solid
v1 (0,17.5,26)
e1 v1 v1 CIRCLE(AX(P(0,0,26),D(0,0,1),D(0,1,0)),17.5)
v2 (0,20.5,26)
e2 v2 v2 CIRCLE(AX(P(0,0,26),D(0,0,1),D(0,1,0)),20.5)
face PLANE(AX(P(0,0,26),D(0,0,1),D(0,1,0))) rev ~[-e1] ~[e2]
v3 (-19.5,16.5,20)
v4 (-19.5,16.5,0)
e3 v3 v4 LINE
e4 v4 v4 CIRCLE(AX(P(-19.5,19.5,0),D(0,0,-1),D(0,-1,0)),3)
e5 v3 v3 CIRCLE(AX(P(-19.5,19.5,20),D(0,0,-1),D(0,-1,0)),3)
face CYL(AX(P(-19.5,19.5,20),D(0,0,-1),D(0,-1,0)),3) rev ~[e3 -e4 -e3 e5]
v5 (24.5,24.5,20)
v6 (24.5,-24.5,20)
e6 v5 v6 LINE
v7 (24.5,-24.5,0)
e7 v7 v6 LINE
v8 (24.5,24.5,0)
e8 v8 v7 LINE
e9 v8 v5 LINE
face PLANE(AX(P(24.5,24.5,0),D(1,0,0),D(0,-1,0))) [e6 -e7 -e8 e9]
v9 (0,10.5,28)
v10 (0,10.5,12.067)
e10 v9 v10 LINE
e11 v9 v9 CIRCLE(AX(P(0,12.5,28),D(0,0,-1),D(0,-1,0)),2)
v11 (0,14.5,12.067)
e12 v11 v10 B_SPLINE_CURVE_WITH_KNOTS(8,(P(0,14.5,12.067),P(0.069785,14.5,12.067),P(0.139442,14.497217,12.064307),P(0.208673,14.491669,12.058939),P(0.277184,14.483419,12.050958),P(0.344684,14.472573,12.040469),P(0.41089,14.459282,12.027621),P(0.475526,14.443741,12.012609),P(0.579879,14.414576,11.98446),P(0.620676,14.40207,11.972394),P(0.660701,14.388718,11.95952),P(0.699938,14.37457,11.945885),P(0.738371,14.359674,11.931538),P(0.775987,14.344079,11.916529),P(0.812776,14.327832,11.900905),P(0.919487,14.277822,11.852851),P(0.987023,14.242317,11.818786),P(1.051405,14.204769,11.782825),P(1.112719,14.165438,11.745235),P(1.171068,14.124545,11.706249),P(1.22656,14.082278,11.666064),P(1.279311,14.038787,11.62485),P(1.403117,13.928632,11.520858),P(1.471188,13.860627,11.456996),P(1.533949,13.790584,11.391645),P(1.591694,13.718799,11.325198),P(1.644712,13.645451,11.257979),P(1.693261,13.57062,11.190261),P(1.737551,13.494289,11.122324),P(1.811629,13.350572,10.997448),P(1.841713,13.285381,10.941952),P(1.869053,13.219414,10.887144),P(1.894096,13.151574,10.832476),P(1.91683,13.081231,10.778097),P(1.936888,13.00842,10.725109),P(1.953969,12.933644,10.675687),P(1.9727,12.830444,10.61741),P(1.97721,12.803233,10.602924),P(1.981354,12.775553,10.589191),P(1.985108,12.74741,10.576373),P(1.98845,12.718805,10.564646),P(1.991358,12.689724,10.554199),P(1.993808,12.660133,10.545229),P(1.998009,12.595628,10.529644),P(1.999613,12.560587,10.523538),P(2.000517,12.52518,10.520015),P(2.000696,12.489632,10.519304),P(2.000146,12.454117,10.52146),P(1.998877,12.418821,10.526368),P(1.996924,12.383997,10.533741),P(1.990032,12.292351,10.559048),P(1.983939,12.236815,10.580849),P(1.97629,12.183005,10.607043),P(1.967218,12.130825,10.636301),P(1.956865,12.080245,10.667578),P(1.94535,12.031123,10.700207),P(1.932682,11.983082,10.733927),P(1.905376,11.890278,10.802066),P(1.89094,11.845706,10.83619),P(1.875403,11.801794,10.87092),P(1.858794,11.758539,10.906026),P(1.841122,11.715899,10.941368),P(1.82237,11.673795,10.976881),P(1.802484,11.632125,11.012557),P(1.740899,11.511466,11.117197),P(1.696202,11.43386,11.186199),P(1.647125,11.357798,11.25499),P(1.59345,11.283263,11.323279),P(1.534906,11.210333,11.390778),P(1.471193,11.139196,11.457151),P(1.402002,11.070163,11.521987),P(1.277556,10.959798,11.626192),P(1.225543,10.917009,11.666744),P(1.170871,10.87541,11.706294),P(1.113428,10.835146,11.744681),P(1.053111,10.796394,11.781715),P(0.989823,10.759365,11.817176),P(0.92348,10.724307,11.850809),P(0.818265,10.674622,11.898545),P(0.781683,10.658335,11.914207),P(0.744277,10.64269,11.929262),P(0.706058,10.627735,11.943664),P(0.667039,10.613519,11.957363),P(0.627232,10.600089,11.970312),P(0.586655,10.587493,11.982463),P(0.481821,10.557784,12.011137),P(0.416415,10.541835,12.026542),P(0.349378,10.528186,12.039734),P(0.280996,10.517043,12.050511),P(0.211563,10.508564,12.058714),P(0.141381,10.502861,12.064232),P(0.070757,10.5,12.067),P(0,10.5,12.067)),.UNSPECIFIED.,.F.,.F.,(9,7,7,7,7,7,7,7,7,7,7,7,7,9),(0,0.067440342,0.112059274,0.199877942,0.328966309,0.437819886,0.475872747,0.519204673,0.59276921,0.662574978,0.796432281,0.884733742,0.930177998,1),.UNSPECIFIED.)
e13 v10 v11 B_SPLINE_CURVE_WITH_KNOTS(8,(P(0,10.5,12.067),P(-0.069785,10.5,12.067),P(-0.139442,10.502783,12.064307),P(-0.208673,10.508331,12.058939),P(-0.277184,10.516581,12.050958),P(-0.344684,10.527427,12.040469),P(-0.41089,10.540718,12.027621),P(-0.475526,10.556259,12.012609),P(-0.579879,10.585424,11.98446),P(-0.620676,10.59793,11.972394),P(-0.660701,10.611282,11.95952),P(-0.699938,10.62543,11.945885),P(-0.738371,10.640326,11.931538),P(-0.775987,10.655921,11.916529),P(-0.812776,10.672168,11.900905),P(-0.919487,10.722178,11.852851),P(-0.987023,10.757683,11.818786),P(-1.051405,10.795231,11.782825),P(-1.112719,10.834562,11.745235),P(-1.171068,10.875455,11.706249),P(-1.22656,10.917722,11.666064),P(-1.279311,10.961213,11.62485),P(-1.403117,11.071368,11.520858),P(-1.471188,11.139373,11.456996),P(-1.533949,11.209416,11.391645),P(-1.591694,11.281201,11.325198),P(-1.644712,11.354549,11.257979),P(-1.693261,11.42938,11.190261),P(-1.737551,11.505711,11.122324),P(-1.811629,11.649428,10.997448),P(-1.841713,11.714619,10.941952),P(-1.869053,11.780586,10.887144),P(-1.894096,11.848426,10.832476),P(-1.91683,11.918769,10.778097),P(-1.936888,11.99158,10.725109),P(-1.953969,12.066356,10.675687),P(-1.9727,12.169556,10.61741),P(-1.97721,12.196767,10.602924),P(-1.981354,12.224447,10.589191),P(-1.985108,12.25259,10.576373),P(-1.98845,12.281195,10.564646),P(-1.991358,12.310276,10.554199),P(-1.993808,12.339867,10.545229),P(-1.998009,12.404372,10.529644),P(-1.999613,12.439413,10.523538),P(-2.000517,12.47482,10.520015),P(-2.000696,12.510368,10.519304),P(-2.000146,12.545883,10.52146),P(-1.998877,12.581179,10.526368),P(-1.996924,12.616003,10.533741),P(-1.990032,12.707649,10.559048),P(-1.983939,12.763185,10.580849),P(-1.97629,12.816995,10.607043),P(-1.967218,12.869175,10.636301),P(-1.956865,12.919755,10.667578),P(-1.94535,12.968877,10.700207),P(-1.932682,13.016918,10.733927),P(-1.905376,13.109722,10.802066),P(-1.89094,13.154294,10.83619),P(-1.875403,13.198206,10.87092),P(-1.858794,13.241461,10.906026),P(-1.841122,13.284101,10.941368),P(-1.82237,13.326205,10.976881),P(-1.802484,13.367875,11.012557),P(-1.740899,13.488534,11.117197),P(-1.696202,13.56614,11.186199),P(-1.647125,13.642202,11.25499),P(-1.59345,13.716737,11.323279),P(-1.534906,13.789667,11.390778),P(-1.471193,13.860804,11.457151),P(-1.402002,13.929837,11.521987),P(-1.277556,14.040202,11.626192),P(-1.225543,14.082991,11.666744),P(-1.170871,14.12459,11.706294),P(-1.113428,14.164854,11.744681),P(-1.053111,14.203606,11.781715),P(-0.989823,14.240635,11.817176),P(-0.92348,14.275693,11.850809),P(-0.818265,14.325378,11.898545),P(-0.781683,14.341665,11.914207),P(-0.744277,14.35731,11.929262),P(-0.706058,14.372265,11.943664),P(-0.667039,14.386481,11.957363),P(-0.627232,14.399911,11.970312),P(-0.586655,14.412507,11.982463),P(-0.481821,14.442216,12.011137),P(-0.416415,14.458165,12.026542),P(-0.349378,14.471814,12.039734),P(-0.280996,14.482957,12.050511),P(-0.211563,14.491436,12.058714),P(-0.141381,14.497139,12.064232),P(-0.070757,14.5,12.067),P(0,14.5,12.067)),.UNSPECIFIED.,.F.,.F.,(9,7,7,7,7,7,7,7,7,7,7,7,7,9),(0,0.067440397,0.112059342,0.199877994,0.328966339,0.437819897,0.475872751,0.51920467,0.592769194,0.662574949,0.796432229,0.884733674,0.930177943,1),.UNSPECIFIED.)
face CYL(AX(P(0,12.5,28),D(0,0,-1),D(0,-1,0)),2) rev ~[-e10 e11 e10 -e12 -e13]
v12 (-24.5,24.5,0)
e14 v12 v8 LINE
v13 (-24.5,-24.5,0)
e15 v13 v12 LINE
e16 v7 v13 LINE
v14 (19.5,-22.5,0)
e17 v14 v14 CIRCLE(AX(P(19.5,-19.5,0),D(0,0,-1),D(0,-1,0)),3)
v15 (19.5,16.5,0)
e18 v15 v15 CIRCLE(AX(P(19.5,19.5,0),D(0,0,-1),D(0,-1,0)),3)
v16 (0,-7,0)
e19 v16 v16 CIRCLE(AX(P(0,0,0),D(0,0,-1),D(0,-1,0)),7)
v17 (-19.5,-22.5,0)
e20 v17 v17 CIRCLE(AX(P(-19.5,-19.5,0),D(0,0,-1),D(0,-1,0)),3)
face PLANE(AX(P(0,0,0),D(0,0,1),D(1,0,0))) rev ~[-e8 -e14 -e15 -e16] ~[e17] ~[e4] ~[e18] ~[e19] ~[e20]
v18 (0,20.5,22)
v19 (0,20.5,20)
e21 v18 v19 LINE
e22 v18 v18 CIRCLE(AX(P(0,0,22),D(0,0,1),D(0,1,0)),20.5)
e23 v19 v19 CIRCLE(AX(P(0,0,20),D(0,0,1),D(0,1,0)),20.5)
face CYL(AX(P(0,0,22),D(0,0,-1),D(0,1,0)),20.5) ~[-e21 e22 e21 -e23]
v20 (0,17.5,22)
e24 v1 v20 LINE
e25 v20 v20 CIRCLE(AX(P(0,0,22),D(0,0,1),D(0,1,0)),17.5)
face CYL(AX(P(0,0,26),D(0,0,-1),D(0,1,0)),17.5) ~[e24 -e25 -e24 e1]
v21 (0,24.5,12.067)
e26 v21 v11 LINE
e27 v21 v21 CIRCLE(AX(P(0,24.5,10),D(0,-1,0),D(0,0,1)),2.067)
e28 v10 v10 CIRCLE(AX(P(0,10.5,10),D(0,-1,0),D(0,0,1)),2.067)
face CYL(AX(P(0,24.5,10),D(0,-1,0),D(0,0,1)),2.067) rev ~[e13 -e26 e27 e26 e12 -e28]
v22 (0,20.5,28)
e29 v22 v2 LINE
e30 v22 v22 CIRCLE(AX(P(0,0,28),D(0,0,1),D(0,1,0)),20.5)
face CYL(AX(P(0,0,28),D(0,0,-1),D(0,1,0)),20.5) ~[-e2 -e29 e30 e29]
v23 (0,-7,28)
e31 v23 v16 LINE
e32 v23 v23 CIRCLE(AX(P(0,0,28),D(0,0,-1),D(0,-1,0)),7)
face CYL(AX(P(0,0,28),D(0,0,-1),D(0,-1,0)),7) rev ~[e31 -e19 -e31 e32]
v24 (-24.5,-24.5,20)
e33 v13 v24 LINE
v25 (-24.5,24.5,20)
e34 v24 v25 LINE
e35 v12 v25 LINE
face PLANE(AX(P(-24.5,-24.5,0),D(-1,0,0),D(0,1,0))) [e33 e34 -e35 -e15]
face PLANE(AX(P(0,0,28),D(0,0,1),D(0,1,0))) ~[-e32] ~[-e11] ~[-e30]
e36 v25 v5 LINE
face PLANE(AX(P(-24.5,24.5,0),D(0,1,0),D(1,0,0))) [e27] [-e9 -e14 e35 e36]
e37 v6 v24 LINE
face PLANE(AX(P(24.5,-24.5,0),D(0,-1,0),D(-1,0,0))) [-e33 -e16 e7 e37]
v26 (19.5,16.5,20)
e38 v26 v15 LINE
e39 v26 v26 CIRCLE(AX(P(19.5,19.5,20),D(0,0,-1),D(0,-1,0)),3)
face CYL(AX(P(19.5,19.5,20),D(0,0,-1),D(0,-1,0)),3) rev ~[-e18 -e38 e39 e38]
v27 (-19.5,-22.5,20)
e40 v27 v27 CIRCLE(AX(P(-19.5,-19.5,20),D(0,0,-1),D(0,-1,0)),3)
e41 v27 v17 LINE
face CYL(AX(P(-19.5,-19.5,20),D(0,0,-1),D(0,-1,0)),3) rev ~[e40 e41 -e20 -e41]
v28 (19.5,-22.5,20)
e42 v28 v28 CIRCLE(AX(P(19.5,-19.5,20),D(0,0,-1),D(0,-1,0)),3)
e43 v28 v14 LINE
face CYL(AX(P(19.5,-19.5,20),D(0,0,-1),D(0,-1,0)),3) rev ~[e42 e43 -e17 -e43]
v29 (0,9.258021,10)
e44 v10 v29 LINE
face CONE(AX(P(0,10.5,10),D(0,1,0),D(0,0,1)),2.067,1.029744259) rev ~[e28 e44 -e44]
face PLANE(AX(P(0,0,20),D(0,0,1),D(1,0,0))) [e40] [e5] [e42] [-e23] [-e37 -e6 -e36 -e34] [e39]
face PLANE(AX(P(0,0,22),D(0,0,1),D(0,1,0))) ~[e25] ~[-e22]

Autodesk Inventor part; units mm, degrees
ref_plane "YZ Plane" through (0, 0, 0) normal (1, 0, 0) x (0, 1, 0)
ref_plane "XZ Plane" through (0, 0, 0) normal (0, 1, 0) x (-1, 0, 0)
ref_plane "XY Plane" through (0, 0, 0) normal (0, 0, 1) x (1, 0, 0)
sketch "Sketch1" plane through (0, 0, 0) normal (0, 0, 1) x (1, 0, 0)
  line L0 (-24.5, 24.5) -> (24.5, 24.5)
  line L1 (24.5, 24.5) -> (24.5, -24.5)
  line L2 (24.5, -24.5) -> (-24.5, -24.5)
  line L3 (-24.5, -24.5) -> (-24.5, 24.5)
  point P0 (0, 0)
  point P1 (-24.5, 0)
  point P2 (0, 24.5)
  dimension "Width" = 49
  dimension "Height" = 49
extrude "Extrusion1" add sketch "Sketch1" along normal blind 20
sketch "Sketch2" plane through (0, 0, 20) normal (0, 0, 1) x (1, 0, 0)
  line L0 (24.5, 24.5) -> (24.5, -24.5) projected
  line L1 (-24.5, 24.5) -> (24.5, 24.5) projected
  line L2 (-24.5, -24.5) -> (-24.5, 24.5) projected
  line L3 (24.5, -24.5) -> (-24.5, -24.5) projected
  line L4 (19.5, 19.5) -> (19.5, -19.5)
  line L5 (19.5, -19.5) -> (-19.5, -19.5)
  line L6 (-19.5, -19.5) -> (-19.5, 19.5)
  line L7 (-19.5, 19.5) -> (19.5, 19.5)
  point P0 (0, 0)
  dimension "d4" = 5
  dimension "d5" = 39
  dimension "d6" = 39
hole "Hole1" at (-19.5, -19.5, 20) direction (0, 0, -1) diameter 6 end through all
pattern_linear "Rectangular Pattern1" count 2 spacing 39 along (1, 0, 0) count 2 spacing 39 along (0, 1, 0) of "Hole1"
sketch "Sketch3" plane through (0, 0, 0) normal (1, 0, 0) x (0, 1, 0)
  line L0 (-24.5, 20) -> (24.5, 20) projected
  line L1 (0, 20) -> (0, 28)
  line L2 (0, 28) -> (20.5, 28)
  line L3 (20.5, 28) -> (20.5, 26)
  line L4 (20.5, 26) -> (17.5, 26)
  line L5 (17.5, 26) -> (17.5, 22)
  line L6 (17.5, 22) -> (20.5, 22)
  line L7 (20.5, 22) -> (20.5, 20)
  point P0 (0, 0)
  dimension "d25" = 8
  dimension "d26" = 20.5
  dimension "d27" = 2
  dimension "d28" = 4
  dimension "d29" = 17.5
revolve "Revolution1" add sketch "Sketch3" angle 360 about axis through (0, 0, 20) along (0, 0, 1)
sketch "Sketch4" plane through (-24.5, 24.5, 0) normal (0, 1, 0) x (1, 0, 0)
  line L0 (0, -20) -> (49, -20) projected
  line L1 (0, 0) -> (0, -20) projected
  line L2 (24.5, -20) -> (24.5, -10)
  point P0 (24.5, 0)
  dimension "d31" = 10
hole "Hole4" at (0, 24.5, 10) direction (0, -1, 0) diameter 4.134 depth 14 tip angle 118 thread size "M5x0.8" class "6H" standard "ANSI Metric M Profile"
ref_plane "Work Plane3" through (0, 24.5, 10) normal (0, 0, 1) x (0, -1, 0)
sketch "Sketch7" plane through (0, 0, 28) normal (0, 0, 1) x (1, 0, 0)
  circle A0 centre (0, 0) radius 20.5 projected
  line L0 (0, 0) -> (0, 12.5)
  dimension "d56" = 12.5
hole "Hole5" at (0, 12.5, 28) direction (0, 0, -1) diameter 4 depth 18
hole "Hole6" at (0, 0, 28) direction (0, 0, -1) diameter 14 end through all
equation "\"Height\" = Width"
equation "\"d16\" = d5"
equation "\"d19\" = d6"
properties part number "TU-002" material "Steel, Mild"
